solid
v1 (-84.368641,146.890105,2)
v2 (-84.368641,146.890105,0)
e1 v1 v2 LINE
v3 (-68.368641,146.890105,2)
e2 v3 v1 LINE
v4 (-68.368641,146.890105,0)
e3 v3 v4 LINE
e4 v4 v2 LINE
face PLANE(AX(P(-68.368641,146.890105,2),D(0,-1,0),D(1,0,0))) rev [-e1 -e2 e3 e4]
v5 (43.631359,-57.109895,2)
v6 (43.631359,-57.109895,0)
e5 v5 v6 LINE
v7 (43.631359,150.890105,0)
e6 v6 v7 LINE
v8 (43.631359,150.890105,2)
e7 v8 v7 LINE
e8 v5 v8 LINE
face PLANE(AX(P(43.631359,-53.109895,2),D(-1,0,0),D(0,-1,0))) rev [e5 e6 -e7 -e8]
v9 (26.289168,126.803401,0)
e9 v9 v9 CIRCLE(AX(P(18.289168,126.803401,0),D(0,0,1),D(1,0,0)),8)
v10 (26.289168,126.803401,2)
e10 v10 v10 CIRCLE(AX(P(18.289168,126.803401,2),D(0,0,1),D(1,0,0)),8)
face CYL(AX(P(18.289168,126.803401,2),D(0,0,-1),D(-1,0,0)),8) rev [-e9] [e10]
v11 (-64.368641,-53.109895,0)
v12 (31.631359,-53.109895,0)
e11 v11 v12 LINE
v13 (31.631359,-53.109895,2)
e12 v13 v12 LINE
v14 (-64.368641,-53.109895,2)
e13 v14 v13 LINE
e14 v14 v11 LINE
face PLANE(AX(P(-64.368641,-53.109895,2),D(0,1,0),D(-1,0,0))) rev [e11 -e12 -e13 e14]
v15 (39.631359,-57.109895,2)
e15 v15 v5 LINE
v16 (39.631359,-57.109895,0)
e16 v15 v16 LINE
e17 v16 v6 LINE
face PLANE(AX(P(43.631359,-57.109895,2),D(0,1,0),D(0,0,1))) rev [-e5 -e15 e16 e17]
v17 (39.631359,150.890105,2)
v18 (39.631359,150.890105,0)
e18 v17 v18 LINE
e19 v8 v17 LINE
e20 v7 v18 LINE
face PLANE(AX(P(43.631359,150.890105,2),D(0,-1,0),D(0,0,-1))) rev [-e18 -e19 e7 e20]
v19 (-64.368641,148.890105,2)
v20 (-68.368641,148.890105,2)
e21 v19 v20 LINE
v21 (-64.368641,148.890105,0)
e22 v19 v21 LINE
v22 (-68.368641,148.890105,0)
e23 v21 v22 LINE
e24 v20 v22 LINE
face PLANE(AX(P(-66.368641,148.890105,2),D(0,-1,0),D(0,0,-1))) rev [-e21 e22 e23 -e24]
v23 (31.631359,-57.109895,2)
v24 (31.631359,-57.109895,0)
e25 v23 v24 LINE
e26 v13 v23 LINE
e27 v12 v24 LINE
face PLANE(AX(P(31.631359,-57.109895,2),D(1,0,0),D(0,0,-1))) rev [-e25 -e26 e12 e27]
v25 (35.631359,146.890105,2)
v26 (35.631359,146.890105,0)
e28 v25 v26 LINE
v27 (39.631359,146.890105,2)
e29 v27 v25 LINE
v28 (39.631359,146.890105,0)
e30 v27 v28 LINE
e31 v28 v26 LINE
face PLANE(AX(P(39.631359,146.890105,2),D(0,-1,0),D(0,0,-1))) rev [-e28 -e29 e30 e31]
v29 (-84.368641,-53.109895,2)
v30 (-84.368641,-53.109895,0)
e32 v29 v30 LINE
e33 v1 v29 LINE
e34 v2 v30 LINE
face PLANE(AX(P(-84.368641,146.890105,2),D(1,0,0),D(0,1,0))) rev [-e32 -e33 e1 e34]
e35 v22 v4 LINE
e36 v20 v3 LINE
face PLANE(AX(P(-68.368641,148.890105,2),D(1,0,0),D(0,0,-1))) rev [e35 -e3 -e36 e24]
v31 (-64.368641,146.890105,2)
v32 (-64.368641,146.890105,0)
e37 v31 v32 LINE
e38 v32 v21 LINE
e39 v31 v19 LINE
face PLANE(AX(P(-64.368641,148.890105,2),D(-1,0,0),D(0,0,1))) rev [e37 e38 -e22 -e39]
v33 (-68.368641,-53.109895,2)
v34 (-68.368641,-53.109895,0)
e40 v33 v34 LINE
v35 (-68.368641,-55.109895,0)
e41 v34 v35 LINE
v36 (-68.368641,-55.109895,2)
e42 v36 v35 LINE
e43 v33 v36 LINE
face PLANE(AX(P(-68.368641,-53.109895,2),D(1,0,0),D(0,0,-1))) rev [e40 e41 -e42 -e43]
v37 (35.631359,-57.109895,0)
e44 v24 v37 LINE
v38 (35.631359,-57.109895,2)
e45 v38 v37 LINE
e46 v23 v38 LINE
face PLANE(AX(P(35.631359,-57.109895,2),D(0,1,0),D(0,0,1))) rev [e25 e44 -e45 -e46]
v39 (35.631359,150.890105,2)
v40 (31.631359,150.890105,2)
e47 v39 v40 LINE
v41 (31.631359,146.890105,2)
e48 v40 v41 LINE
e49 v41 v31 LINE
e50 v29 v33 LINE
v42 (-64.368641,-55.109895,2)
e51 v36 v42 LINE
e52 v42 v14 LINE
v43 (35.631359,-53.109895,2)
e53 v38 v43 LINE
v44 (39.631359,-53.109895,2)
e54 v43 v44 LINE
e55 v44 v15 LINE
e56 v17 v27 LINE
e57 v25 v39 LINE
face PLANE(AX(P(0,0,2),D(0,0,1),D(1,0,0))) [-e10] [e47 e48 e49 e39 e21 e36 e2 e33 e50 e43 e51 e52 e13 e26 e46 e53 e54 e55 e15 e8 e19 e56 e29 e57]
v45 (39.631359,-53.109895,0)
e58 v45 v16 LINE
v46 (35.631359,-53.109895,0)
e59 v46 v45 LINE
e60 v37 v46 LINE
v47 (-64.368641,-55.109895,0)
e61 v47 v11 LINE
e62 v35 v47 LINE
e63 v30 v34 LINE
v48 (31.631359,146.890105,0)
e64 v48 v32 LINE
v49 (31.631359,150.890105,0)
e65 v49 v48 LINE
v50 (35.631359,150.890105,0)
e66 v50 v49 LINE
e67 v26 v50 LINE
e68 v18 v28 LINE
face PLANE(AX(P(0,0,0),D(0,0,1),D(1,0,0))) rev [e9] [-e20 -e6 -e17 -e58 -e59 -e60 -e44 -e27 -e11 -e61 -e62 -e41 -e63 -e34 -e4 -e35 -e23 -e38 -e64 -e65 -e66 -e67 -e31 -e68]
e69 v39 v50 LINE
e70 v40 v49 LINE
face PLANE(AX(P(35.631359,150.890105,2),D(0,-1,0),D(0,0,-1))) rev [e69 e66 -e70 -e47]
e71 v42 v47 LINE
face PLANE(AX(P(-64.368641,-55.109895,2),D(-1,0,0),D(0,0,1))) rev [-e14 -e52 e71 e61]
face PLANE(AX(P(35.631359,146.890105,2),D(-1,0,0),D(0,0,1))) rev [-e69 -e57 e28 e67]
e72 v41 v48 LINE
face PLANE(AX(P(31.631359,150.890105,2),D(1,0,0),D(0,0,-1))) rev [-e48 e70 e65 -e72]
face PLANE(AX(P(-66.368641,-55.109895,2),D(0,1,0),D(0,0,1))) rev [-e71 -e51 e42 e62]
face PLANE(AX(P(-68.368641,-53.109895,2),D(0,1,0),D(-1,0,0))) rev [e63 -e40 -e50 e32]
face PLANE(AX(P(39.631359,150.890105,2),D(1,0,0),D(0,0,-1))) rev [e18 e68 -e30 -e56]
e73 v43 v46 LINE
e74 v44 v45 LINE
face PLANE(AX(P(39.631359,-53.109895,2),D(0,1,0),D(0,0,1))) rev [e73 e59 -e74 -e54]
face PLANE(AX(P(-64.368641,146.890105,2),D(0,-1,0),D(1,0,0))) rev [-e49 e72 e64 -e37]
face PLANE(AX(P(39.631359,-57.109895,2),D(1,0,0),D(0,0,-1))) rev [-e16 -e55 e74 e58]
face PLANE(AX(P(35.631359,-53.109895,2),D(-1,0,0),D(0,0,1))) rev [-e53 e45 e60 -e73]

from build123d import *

# Parameters (mm, degrees)
SKETCH_1_R      = 8
EXTRUDE_1_DEPTH = 2


with BuildPart() as part:
    # 草图1 → 凸台-拉伸1 (new body)
    with BuildSketch(Plane.XY):
        Polygon((43.631358885, -53.10989547), (43.631358885, -57.10989547), (39.631358885, -57.10989547), (39.631358885, -53.10989547), (35.631358885, -53.10989547), (35.631358885, -57.10989547), (31.631358885, -57.10989547), (31.631358885, -53.10989547), (-64.368641115, -53.10989547), (-64.368641115, -55.10989547), (-66.368641115, -55.10989547), (-68.368641115, -55.10989547), (-68.368641115, -53.10989547), (-84.368641115, -53.10989547), (-84.368641115, 146.89010453), (-68.368641115, 146.89010453), (-68.368641115, 148.89010453), (-66.368641115, 148.89010453), (-64.368641115, 148.89010453), (-64.368641115, 146.89010453), (31.631358885, 146.89010453), (31.631358885, 150.89010453), (35.631358885, 150.89010453), (35.631358885, 146.89010453), (39.631358885, 146.89010453), (39.631358885, 150.89010453), (43.631358885, 150.89010453), (43.631358885, 146.89010453), align=None)
        with Locations((18.289168192, 126.803401032)):
            Circle(SKETCH_1_R, mode=Mode.SUBTRACT)
    extrude(amount=EXTRUDE_1_DEPTH)


solid = part.part
